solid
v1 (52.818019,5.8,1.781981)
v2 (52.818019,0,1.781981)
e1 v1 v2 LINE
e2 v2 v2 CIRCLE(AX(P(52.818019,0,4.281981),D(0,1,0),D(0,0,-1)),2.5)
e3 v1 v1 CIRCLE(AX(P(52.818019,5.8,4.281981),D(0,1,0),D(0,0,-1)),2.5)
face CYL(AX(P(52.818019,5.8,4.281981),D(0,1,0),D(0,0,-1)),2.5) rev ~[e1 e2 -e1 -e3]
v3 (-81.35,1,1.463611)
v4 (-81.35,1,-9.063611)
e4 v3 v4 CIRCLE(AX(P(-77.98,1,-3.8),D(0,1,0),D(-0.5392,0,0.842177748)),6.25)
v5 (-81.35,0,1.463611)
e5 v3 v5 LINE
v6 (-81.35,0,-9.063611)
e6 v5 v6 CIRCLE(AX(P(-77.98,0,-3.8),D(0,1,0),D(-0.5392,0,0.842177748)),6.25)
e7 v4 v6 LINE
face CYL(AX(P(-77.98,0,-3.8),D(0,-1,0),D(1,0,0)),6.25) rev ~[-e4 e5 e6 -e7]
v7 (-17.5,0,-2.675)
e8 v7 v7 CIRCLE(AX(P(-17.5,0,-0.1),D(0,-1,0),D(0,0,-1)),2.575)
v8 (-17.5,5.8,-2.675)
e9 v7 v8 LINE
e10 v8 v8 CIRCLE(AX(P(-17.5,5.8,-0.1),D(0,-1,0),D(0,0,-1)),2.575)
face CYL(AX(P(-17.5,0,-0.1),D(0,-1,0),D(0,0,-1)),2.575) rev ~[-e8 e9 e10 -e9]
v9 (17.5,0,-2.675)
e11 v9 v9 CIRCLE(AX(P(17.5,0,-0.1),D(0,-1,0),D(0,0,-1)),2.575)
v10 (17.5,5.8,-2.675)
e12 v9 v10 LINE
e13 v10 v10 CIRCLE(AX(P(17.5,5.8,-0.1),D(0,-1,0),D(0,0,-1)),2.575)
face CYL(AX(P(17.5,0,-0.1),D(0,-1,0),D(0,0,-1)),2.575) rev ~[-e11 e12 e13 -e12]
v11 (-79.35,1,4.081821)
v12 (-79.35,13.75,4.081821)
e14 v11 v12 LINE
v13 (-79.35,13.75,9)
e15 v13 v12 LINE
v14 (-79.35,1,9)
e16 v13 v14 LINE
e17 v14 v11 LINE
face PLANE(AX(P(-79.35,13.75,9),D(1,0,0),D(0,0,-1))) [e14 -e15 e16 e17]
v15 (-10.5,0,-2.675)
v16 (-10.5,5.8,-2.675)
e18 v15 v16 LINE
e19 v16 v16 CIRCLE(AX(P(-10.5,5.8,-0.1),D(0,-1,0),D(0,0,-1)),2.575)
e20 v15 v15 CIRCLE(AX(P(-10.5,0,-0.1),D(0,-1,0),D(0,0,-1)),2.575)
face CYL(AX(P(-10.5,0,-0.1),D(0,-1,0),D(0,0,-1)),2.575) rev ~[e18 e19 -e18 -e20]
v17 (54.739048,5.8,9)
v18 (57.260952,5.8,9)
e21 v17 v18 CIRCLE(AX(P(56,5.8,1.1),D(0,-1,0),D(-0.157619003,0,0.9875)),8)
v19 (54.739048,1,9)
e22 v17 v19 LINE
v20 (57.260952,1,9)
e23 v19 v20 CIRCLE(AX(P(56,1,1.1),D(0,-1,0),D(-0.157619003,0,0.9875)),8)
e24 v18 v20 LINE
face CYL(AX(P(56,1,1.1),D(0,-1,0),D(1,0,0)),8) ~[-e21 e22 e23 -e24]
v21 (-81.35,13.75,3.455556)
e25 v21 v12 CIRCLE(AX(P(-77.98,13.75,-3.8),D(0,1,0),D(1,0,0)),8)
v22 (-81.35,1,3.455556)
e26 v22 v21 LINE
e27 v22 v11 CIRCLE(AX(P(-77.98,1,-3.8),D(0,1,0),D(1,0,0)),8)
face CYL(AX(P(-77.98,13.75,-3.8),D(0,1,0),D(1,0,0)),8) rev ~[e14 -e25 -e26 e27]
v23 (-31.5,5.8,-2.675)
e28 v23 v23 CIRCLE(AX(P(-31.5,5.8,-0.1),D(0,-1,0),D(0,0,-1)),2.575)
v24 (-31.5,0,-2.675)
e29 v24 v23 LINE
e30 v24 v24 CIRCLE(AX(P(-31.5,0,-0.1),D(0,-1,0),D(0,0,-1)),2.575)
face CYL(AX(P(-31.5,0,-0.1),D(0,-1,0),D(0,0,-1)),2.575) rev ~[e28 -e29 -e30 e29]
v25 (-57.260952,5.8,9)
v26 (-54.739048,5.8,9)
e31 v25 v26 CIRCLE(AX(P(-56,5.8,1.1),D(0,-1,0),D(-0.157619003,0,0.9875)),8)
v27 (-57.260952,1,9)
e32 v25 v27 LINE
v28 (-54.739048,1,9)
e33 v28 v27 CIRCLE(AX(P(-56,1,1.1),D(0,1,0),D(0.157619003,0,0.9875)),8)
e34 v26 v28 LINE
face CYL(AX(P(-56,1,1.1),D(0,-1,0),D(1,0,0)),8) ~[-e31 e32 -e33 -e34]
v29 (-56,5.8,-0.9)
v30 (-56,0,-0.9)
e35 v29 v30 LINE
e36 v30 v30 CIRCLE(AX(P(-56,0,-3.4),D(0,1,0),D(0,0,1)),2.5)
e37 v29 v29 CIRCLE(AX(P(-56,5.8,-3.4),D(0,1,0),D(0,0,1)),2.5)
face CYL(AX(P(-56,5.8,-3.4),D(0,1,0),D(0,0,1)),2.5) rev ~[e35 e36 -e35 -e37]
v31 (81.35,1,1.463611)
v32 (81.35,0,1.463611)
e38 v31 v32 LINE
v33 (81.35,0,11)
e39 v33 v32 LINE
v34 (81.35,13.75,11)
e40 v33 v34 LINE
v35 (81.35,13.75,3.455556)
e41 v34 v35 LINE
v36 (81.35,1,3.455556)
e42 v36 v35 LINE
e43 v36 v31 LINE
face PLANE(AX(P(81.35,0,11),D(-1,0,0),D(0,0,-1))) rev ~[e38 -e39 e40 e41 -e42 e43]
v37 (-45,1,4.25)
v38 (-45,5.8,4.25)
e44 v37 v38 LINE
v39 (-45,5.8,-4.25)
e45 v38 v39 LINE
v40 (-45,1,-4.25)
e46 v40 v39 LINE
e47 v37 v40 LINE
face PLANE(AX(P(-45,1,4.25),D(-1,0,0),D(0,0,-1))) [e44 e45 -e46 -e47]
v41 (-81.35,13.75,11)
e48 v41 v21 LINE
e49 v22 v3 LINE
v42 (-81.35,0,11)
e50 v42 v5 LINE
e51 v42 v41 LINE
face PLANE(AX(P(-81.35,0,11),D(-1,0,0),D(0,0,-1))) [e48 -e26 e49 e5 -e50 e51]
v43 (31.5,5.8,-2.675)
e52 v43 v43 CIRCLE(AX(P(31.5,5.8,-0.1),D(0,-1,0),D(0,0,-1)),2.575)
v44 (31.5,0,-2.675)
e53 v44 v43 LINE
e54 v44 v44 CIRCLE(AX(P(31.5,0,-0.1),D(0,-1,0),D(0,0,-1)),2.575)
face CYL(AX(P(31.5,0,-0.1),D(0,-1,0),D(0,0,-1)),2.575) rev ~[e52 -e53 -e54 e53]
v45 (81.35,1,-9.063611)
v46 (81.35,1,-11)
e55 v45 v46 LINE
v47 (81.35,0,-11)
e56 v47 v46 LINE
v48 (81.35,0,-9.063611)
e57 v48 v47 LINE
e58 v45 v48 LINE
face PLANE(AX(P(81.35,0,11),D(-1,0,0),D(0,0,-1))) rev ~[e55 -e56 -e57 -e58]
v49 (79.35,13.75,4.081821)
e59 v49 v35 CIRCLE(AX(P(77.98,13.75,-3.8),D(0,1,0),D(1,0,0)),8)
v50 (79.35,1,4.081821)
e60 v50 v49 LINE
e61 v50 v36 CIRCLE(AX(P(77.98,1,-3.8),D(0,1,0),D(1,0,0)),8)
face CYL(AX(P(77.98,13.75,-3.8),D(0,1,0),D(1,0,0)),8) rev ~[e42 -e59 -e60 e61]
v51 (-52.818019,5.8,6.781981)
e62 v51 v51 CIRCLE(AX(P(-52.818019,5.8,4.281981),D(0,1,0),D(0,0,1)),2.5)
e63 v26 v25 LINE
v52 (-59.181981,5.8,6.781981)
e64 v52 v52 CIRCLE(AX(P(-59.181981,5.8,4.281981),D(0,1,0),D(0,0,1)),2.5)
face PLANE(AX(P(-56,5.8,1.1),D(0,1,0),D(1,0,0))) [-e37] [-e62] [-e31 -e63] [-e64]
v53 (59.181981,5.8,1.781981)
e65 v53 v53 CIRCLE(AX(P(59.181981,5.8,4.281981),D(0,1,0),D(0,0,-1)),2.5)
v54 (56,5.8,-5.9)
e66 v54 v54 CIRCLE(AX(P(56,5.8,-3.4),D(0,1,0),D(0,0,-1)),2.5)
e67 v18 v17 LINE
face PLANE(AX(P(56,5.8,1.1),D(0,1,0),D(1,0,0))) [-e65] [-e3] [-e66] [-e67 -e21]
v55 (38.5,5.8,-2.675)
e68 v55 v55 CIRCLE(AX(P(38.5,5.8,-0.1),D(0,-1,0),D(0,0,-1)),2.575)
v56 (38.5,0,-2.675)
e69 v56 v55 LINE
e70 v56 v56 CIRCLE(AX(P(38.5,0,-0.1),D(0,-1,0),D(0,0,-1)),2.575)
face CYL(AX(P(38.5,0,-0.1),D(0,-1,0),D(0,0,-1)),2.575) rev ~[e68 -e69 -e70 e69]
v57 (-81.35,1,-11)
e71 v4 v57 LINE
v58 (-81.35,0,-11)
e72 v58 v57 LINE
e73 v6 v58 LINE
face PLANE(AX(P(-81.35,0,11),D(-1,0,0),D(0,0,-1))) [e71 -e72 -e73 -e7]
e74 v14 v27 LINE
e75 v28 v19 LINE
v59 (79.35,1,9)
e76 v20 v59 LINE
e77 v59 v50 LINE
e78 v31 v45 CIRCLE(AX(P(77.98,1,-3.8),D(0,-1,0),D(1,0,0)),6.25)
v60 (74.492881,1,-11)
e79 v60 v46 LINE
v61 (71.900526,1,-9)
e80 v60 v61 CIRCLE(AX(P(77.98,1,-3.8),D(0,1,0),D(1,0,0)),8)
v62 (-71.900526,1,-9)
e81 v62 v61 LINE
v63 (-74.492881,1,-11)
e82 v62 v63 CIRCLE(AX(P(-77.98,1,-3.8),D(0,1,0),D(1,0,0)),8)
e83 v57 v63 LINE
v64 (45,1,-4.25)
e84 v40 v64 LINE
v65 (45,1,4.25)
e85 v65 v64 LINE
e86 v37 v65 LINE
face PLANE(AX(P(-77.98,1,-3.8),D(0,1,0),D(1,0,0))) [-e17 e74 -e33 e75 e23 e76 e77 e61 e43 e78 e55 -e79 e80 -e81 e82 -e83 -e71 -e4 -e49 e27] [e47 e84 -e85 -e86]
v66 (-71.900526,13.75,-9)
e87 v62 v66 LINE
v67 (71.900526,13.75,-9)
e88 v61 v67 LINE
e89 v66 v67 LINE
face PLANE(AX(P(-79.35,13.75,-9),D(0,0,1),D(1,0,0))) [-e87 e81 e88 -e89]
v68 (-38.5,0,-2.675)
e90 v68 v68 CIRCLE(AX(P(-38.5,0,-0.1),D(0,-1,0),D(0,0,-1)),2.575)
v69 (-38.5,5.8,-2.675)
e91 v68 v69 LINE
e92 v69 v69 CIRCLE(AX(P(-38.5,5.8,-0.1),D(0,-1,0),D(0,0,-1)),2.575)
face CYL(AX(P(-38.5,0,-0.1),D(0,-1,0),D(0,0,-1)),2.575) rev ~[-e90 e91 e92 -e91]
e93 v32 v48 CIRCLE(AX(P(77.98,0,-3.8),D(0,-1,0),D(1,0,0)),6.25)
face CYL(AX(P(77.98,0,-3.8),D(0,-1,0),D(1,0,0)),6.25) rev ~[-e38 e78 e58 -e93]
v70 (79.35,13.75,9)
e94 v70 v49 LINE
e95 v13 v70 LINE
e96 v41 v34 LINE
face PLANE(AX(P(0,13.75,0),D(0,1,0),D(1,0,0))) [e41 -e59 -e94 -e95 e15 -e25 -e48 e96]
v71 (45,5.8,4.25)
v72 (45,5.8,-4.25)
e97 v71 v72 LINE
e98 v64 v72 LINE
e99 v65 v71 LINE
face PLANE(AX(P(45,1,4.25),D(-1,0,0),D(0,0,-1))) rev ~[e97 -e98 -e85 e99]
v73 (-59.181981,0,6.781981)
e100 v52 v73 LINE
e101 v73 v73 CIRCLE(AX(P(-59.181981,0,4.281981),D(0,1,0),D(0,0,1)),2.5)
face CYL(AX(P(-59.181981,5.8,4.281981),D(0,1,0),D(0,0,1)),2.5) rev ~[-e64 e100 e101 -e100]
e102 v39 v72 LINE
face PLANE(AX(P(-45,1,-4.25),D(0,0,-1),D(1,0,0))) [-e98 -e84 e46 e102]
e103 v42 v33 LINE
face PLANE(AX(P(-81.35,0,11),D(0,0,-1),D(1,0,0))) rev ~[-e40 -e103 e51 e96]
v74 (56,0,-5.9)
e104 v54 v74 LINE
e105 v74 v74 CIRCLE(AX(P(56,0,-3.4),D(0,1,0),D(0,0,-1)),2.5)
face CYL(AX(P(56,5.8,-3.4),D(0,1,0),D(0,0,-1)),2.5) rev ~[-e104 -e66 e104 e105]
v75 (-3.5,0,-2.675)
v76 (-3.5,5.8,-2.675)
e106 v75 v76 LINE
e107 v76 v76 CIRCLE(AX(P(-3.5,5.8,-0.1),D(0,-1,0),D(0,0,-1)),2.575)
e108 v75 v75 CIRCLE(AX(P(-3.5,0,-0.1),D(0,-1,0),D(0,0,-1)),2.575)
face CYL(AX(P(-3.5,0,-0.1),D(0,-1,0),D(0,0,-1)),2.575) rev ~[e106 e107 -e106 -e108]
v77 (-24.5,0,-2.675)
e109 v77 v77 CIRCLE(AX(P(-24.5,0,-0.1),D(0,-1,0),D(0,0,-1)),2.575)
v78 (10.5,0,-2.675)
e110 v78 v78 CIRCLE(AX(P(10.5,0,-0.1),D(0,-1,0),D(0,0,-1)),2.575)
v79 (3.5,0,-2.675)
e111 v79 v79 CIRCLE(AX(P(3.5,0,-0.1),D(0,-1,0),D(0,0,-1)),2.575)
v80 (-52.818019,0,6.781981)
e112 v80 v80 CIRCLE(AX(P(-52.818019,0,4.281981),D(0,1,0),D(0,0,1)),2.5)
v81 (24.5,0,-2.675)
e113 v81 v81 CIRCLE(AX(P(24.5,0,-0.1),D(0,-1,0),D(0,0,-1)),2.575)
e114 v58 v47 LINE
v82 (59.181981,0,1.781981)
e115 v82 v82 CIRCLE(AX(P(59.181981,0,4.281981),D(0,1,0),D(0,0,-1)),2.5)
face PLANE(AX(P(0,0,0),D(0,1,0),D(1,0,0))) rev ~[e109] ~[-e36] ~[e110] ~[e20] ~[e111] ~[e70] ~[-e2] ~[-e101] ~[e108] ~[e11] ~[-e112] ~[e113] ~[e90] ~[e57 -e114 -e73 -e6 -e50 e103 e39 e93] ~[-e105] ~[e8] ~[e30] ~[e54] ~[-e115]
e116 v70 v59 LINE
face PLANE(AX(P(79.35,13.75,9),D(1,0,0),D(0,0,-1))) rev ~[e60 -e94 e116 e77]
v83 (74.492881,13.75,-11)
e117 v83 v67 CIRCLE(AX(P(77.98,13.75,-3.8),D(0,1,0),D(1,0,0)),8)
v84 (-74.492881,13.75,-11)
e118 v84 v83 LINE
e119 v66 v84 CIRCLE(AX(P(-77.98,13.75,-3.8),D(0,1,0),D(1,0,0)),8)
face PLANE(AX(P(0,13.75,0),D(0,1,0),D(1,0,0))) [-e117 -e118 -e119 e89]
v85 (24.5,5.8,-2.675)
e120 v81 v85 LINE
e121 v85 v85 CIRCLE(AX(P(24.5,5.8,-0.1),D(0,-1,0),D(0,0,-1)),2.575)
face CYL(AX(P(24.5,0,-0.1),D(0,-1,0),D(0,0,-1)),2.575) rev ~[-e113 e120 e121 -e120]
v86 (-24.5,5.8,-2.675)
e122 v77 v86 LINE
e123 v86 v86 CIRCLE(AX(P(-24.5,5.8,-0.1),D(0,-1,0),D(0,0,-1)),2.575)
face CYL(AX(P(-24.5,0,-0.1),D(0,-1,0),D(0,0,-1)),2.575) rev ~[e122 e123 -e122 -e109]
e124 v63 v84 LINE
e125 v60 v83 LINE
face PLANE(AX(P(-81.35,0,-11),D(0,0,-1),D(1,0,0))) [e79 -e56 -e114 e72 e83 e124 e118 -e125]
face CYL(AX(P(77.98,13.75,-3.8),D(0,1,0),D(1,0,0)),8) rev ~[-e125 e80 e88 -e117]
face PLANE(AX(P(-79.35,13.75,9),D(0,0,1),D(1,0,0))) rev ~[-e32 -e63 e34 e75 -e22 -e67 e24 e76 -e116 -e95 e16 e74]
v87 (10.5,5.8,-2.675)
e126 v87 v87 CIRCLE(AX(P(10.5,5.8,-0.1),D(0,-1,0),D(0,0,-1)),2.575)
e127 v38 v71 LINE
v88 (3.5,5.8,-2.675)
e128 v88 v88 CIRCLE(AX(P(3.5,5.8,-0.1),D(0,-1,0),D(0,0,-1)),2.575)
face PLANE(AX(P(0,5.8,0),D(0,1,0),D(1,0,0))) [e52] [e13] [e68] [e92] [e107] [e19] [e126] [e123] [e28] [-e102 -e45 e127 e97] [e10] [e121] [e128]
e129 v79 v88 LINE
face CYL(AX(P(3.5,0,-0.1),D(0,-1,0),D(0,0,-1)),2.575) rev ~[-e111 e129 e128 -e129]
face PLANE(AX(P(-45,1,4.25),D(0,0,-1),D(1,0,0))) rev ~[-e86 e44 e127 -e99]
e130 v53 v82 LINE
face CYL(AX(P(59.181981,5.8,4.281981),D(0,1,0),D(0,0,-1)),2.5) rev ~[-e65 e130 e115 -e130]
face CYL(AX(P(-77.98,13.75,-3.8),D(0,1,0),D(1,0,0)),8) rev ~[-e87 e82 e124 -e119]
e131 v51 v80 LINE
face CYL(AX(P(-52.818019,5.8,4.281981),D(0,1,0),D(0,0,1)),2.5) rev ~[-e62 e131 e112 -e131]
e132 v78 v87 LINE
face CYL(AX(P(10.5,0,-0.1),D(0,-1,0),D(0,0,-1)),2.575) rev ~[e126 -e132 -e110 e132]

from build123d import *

# Parameters (mm, degrees)
SKETCH1_W           = 162.7
SKETCH1_H           = 22
BOSS_EXTRUDE1_DEPTH = 13.75
SKETCH2_W           = 158.7
SKETCH2_H           = 18
CUT_EXTRUDE1_DEPTH  = 12.75
SKETCH4_W           = 90
SKETCH4_H           = 8.5
BOSS_EXTRUDE2_DEPTH = 5.8
SKETCH3_R           = 2.575
CUT_EXTRUDE2_DEPTH  = 84.233917365
SKETCH7_R           = 8
CUT_EXTRUDE4_DEPTH  = 12.75
SKETCH5_R           = 6.25
CUT_EXTRUDE5_DEPTH  = 84.233917365
SKETCH8_R           = 8
BOSS_EXTRUDE4_DEPTH = 4.8
SKETCH10_W          = 90
SKETCH10_H          = 8.5
CUT_EXTRUDE6_DEPTH  = 1
SKETCH11_R          = 2.5
CUT_EXTRUDE7_DEPTH  = 83.474389964


with BuildPart() as part:
    # Sketch1 → Boss-Extrude1 (new body)
    with BuildSketch(Plane(origin=(0, 0, 0), x_dir=(1, 0, 0), z_dir=(0, 1, 0))):
        Rectangle(SKETCH1_W, SKETCH1_H)
    extrude(amount=BOSS_EXTRUDE1_DEPTH)

    # Sketch2 → Cut-Extrude1 (cut)
    with BuildSketch(Plane(origin=(0, 13.75, 0), x_dir=(1, 0, 0), z_dir=(0, 1, 0))):
        Rectangle(SKETCH2_W, SKETCH2_H)
    extrude(amount=-CUT_EXTRUDE1_DEPTH, mode=Mode.SUBTRACT)

    # Sketch4 → Boss-Extrude2 (add)
    with BuildSketch(Plane(origin=(0, 1, 0), x_dir=(1, 0, 0), z_dir=(0, 1, 0))):
        Rectangle(SKETCH4_W, SKETCH4_H)
    extrude(amount=BOSS_EXTRUDE2_DEPTH)

    # Sketch3 → Cut-Extrude2 (cut, through all)
    with BuildSketch(Plane.XZ):
        with Locations(Location((-3.5, -0.1, 0), (0, 0, 270))):
            Circle(SKETCH3_R)
        with Locations(Location((-10.5, -0.1, 0), (0, 0, 270))):
            Circle(SKETCH3_R)
        with Locations(Location((-17.5, -0.1, 0), (0, 0, 270))):
            Circle(SKETCH3_R)
        with Locations(Location((-24.5, -0.1, 0), (0, 0, 270))):
            Circle(SKETCH3_R)
        with Locations(Location((-31.5, -0.1, 0), (0, 0, 270))):
            Circle(SKETCH3_R)
        with Locations(Location((-38.5, -0.1, 0), (0, 0, 270))):
            Circle(SKETCH3_R)
        with Locations(Location((38.5, -0.1, 0), (0, 0, 270))):
            Circle(SKETCH3_R)
        with Locations(Location((31.5, -0.1, 0), (0, 0, 270))):
            Circle(SKETCH3_R)
        with Locations(Location((24.5, -0.1, 0), (0, 0, 270))):
            Circle(SKETCH3_R)
        with Locations(Location((17.5, -0.1, 0), (0, 0, 270))):
            Circle(SKETCH3_R)
        with Locations(Location((10.5, -0.1, 0), (0, 0, 270))):
            Circle(SKETCH3_R)
        with Locations(Location((3.5, -0.1, 0), (0, 0, 270))):
            Circle(SKETCH3_R)
    extrude(amount=-CUT_EXTRUDE2_DEPTH, mode=Mode.SUBTRACT)

    # Sketch7 → Cut-Extrude4 (cut)
    with BuildSketch(Plane(origin=(0, 13.75, 0), x_dir=(1, 0, 0), z_dir=(0, 1, 0))):
        with Locations((-77.98, 3.8)):
            Circle(SKETCH7_R)
        with Locations((77.98, 3.8)):
            Circle(SKETCH7_R)
    extrude(amount=-CUT_EXTRUDE4_DEPTH, mode=Mode.SUBTRACT)

    # Sketch5 → Cut-Extrude5 (cut, through all)
    with BuildSketch(Plane.XZ):
        with Locations((-77.98, -3.8)):
            Circle(SKETCH5_R)
        with Locations((77.98, -3.8)):
            Circle(SKETCH5_R)
    extrude(amount=-CUT_EXTRUDE5_DEPTH, mode=Mode.SUBTRACT)

    # Sketch8 → Boss-Extrude4 (add)
    with BuildSketch(Plane(origin=(0, 1, 0), x_dir=(1, 0, 0), z_dir=(0, 1, 0))):
        with Locations((-56, -1.1)):
            Circle(SKETCH8_R)
        with Locations((56, -1.1)):
            Circle(SKETCH8_R)
    extrude(amount=BOSS_EXTRUDE4_DEPTH)

    # Sketch10 → Cut-Extrude6 (cut)
    with BuildSketch(Plane(origin=(0, 6.8, 0), x_dir=(1, 0, 0), z_dir=(0, 1, 0))):
        Rectangle(SKETCH10_W, SKETCH10_H)
    extrude(amount=-CUT_EXTRUDE6_DEPTH, mode=Mode.SUBTRACT)

    # Sketch11 → Cut-Extrude7 (cut, through all)
    with BuildSketch(Plane(origin=(0, 5.8, 0), x_dir=(1, 0, 0), z_dir=(0, 1, 0))):
        with Locations(Location((-56, 3.4, 0), (0, 0, 270))):
            Circle(SKETCH11_R)
        with Locations(Location((-59.181980515, -4.281980515, 0), (0, 0, 270))):
            Circle(SKETCH11_R)
        with Locations(Location((-52.818019485, -4.281980515, 0), (0, 0, 270))):
            Circle(SKETCH11_R)
        with Locations(Location((52.818019485, -4.281980515, 0), (0, 0, 90))):
            Circle(SKETCH11_R)
        with Locations(Location((59.181980515, -4.281980515, 0), (0, 0, 90))):
            Circle(SKETCH11_R)
        with Locations(Location((56, 3.4, 0), (0, 0, 90))):
            Circle(SKETCH11_R)
    extrude(amount=-CUT_EXTRUDE7_DEPTH, mode=Mode.SUBTRACT)


solid = part.part
